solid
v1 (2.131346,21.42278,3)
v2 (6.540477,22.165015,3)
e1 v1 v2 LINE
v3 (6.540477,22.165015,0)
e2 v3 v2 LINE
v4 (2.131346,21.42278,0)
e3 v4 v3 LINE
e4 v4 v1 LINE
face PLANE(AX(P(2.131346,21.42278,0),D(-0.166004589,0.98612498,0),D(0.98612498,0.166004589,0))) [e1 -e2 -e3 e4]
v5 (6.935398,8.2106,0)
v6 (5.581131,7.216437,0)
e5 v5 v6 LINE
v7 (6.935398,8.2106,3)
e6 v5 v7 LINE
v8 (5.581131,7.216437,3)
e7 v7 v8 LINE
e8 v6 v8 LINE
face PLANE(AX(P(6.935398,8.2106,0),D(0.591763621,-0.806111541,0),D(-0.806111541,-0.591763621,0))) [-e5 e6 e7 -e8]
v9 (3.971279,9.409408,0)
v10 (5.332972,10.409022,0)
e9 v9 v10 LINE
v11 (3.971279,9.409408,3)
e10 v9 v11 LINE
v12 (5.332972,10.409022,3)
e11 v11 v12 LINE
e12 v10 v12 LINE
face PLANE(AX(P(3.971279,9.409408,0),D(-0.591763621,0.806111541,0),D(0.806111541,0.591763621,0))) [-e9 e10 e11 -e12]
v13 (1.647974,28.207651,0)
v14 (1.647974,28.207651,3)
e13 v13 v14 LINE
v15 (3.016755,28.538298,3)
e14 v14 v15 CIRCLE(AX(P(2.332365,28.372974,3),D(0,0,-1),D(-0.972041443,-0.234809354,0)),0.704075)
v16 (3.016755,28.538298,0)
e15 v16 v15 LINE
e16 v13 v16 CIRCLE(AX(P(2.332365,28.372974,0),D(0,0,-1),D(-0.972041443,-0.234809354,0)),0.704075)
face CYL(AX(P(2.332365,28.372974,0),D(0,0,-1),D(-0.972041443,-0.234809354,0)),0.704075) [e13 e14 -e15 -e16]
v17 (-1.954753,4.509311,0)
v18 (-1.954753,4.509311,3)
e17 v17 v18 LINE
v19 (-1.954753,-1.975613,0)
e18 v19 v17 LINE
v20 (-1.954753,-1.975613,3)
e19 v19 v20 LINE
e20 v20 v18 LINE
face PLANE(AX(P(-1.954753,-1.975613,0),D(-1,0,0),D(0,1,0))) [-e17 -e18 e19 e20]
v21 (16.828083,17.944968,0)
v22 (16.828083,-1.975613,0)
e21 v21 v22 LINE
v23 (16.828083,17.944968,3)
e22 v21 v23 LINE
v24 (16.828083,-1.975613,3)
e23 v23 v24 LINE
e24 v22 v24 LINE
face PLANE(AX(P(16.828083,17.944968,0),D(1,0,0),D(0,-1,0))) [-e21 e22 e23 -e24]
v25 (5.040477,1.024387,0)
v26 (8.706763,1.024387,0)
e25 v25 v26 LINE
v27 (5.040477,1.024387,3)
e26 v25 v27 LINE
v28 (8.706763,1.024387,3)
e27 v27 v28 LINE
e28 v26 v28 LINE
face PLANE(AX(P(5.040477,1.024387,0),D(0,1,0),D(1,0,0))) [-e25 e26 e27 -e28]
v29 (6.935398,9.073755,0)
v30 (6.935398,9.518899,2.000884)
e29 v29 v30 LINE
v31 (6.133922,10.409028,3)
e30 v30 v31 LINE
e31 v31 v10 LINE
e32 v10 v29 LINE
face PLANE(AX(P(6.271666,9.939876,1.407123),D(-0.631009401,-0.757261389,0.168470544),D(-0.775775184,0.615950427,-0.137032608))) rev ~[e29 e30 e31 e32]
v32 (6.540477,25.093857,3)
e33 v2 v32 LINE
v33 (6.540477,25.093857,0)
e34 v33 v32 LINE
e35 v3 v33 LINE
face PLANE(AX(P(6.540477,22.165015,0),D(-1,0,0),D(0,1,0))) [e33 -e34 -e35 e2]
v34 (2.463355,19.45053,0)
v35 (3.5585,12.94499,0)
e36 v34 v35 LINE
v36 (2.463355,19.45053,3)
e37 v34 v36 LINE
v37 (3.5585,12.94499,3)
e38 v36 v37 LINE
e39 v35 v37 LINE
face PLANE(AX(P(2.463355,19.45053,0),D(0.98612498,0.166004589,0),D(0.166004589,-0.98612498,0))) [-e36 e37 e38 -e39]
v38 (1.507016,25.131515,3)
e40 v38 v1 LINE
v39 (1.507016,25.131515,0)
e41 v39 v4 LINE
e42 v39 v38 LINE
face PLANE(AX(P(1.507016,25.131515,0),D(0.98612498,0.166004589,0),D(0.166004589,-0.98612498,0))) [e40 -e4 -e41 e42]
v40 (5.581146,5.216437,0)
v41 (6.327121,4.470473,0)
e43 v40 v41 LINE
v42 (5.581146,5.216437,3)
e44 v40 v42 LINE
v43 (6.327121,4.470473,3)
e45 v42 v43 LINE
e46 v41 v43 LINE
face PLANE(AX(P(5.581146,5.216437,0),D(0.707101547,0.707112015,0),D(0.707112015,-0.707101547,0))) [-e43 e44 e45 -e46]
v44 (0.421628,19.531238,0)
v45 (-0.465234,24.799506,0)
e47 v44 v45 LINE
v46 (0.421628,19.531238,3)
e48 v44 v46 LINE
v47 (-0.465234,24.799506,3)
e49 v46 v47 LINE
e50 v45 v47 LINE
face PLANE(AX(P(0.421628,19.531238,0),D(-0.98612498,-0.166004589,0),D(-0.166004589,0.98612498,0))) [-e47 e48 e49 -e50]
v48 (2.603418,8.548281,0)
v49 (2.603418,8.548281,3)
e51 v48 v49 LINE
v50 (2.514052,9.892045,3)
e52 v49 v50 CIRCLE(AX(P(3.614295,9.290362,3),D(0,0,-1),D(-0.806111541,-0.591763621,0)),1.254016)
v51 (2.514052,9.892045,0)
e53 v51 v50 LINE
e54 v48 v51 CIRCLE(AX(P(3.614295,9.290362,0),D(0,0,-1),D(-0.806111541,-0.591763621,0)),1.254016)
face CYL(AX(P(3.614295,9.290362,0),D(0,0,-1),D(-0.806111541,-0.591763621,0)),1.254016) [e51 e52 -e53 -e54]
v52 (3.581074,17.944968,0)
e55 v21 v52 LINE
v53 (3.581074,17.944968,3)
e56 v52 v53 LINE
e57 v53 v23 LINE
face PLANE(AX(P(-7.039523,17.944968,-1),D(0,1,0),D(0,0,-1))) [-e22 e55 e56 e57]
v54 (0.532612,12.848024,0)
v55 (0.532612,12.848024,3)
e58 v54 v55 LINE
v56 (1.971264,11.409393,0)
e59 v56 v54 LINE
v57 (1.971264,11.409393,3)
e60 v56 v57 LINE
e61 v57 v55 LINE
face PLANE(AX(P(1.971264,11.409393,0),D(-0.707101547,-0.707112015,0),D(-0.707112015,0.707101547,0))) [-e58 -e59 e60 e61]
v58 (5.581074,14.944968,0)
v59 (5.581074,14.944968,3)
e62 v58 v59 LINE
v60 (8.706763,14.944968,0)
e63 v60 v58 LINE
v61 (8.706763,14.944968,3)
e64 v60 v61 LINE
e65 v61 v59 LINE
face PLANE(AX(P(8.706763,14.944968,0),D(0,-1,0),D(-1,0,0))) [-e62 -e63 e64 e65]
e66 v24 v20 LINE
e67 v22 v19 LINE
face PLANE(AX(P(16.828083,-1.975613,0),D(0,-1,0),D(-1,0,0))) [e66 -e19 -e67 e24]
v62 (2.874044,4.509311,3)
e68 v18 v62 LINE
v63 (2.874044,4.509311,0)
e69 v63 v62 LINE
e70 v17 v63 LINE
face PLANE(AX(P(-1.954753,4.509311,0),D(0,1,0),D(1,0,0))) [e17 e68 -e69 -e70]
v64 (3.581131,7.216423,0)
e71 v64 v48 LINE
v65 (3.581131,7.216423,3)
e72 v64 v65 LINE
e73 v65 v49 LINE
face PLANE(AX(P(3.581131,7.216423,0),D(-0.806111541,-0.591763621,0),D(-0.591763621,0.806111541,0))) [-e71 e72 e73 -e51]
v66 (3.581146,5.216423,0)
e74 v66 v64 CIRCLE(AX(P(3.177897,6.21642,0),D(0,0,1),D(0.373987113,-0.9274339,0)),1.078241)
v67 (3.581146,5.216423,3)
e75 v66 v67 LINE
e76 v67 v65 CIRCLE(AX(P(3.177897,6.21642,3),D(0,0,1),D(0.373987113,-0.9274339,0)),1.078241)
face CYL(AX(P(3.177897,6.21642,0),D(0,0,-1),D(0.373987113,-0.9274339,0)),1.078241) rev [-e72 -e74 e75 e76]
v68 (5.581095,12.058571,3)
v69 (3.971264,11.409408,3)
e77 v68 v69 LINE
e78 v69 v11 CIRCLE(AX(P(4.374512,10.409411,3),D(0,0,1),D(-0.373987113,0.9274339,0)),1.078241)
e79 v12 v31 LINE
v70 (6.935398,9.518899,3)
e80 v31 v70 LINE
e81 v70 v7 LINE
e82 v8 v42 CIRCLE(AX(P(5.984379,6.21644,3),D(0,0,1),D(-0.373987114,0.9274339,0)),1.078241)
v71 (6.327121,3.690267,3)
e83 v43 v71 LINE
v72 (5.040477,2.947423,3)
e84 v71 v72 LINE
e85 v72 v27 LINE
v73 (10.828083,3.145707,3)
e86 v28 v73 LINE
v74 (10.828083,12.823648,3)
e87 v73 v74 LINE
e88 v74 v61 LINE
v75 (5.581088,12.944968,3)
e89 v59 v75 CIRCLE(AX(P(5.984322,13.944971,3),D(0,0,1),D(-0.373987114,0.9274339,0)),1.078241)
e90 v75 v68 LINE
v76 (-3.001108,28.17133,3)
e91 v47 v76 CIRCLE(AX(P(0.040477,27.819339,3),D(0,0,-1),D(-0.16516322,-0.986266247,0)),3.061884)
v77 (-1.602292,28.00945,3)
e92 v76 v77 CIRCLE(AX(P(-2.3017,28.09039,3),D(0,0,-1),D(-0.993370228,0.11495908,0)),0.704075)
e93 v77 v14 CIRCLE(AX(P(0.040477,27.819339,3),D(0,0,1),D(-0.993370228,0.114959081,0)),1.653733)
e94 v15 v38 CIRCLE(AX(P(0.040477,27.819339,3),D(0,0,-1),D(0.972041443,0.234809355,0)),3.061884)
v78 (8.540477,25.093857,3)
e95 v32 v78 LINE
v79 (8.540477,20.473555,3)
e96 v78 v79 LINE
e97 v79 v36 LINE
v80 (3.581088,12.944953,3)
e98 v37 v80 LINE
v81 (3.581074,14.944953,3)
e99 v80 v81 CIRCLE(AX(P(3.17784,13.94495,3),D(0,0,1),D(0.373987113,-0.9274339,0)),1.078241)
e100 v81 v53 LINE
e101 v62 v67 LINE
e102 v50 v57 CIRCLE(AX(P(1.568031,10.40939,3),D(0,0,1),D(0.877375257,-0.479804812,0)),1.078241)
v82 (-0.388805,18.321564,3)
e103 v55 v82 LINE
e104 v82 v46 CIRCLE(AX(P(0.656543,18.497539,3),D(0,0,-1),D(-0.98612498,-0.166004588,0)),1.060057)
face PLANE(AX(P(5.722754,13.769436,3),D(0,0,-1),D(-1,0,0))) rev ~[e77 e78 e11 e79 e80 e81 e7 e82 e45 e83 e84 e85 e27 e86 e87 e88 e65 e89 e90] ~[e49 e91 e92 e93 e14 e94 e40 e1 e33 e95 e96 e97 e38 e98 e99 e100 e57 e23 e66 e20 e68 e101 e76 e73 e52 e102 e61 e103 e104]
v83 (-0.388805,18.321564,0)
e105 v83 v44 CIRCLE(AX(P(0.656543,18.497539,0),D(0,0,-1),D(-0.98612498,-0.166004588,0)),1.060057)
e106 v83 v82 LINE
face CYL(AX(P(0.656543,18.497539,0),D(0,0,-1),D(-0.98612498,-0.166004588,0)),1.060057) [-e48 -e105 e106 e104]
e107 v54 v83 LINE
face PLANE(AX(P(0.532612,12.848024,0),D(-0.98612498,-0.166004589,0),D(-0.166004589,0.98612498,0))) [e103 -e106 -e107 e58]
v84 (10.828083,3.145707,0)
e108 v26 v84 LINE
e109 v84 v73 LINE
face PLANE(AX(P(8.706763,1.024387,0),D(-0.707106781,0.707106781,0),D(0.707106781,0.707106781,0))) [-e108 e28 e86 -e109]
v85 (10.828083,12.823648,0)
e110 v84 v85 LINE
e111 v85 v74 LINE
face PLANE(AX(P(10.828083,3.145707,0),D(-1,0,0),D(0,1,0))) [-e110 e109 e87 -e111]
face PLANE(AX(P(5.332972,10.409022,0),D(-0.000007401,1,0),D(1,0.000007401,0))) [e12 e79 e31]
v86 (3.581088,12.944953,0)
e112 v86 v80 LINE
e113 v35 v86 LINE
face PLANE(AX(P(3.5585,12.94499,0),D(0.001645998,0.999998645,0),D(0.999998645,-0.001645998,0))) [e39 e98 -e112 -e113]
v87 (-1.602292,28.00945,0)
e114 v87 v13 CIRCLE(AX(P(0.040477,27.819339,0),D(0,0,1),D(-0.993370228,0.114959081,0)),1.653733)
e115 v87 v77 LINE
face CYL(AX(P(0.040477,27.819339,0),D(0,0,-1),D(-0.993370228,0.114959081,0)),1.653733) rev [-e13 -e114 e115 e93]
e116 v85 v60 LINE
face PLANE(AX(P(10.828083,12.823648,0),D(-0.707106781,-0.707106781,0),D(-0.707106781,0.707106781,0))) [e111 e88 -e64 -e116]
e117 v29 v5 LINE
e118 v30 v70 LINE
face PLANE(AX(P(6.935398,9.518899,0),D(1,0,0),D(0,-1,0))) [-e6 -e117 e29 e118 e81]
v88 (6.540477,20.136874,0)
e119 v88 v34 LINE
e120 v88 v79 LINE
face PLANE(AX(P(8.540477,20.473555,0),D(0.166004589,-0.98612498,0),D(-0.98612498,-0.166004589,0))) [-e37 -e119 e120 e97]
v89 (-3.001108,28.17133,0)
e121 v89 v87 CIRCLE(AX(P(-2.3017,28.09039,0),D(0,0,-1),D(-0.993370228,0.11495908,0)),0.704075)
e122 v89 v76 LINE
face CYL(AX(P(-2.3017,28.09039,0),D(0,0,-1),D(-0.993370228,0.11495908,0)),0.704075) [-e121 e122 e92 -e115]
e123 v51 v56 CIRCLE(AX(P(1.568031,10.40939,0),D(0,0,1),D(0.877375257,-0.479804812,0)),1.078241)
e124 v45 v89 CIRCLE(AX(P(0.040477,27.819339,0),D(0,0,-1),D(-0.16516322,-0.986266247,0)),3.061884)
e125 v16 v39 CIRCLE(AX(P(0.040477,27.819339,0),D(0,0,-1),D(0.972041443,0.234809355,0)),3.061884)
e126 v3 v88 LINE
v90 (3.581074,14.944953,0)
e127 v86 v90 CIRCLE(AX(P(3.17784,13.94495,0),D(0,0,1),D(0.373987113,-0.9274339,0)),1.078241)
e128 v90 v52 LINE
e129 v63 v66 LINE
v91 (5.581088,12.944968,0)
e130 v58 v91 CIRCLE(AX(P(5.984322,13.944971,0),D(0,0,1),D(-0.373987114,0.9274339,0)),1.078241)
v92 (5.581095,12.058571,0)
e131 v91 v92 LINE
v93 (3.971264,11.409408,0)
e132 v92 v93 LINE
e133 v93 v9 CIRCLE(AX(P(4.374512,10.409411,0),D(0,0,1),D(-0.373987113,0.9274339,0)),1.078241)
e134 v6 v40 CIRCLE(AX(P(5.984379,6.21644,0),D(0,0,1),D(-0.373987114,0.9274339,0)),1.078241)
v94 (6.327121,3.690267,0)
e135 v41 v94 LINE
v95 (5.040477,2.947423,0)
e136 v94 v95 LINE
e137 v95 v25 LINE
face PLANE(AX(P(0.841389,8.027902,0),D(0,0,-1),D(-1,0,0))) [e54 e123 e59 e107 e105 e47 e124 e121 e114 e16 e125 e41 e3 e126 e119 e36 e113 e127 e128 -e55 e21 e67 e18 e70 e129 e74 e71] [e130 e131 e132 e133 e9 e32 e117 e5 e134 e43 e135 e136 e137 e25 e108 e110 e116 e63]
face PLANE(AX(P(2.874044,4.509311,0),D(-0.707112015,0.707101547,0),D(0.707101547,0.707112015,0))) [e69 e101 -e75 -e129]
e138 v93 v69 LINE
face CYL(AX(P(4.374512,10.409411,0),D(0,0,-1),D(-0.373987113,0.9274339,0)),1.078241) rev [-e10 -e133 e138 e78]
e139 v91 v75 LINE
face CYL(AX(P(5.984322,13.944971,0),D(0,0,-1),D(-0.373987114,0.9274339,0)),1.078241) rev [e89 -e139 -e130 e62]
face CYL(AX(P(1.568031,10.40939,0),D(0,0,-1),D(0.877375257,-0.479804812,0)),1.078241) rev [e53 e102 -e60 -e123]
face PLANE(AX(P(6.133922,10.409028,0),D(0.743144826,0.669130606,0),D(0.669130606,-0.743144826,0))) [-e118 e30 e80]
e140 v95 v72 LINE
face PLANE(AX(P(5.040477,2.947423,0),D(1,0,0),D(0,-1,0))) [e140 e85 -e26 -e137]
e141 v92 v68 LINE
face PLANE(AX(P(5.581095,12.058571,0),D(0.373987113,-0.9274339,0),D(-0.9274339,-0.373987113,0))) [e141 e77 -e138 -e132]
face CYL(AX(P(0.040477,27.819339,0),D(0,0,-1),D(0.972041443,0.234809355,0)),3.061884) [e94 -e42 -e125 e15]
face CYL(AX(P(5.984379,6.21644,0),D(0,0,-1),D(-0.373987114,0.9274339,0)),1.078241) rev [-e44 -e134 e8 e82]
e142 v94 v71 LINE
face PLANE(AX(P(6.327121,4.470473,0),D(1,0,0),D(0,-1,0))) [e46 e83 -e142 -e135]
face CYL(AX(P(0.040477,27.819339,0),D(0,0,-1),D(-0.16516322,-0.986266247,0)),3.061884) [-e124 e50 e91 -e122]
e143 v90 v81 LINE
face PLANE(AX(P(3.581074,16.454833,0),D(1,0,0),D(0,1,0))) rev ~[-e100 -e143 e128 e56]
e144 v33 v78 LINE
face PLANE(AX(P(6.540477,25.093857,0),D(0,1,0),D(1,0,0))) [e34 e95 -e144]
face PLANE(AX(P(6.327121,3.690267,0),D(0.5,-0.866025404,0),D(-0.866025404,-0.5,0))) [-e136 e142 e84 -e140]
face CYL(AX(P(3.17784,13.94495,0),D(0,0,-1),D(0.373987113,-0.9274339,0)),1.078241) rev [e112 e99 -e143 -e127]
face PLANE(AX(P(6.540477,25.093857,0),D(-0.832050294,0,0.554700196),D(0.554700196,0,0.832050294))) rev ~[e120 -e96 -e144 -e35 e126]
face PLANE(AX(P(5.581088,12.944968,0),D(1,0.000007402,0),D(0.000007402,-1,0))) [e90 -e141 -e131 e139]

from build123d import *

# Parameters (mm, degrees)
BOSS_SWITCHMAIN_DEPTH           = 3
SKETCH1_W                       = 6.582729781
SKETCH1_H                       = 1.5
SKETCH1_W_2                     = 4.49100728
BOSS_FLANGE_WIDTH_DEPTH         = 6
SKETCH2_W                       = 5
SKETCH2_H                       = 1.490135464
SKETCH2_H_2                     = 1.5
SKETCH2_H_3                     = 2.286069733
BOSS_FLANGE_HEIGHT_DEPTH        = 11.6675
TAP_DRILL_FOR_M2X0_4_TAP1_D     = 1.6
M2_CLEARANCE_HOLE2_D            = 2.4
M2_CLEARANCE_HOLE2_DEPTH        = 6.484923868
M2_CLEARANCE_HOLE2_TIP          = 0.721032743
CUT_FLANGE_RAMP_CLEARANCE_REACH = 21.921
SKETCH10_W                      = 1.51157113
SKETCH10_H                      = 3
CUT_EXTRUDE1_REACH              = 29.069
CUT_EXTRUDE2_REACH              = 24.401
SKETCH14_W                      = 3.00210875
SKETCH14_H                      = 3.681985306
SKETCH15_W                      = 18.424052467
SKETCH15_H                      = 20.375612782
CUT_EXTRUDE3_DEPTH              = 7


with BuildPart() as part:
    # Sketch-SwitchBossUp → Boss-SwitchMain (new body)
    with BuildSketch(Plane.XY):
        with BuildLine():
            Line((6.540476927, 22.165014537), (6.540476927, 25.093856925))
            Line((6.540476927, 25.093856925), (8.540476927, 25.093856925))
            Line((8.540476927, 25.093856925), (8.540476927, 20.473554675))
            Line((8.540476927, 20.473554675), (2.463355023, 19.450530066))
            Line((2.463355023, 19.450530066), (3.558499615, 12.944990388))
            Line((3.558499615, 12.944990388), (3.581088316, 12.944953207))
            ThreePointArc((3.581088316, 12.944953207), (4.256080915, 13.944958203), (3.581073513, 14.944953207))
            Line((3.581073513, 14.944953207), (3.581073513, 17.94496801))
            Line((3.581073513, 17.94496801), (6.811292922, 17.94496801))
            Line((6.811292922, 17.94496801), (16.828083018, 17.94496801))
            Line((16.828083018, 17.94496801), (16.828083018, -1.975613284))
            Line((16.828083018, -1.975613284), (5.040476927, -1.975613284))
            Line((5.040476927, -1.975613284), (-1.954752854, -1.975613284))
            Line((-1.954752854, -1.975613284), (-1.954752854, 4.509310584))
            Line((-1.954752854, 4.509310584), (2.874043973, 4.509310584))
            Line((2.874043973, 4.509310584), (3.58114552, 5.216422599))
            ThreePointArc((3.58114552, 5.216422599), (4.256138119, 6.216427595), (3.581130717, 7.216422599))
            Line((3.581130717, 7.216422599), (2.603418204, 8.548280984))
            ThreePointArc((2.603418204, 8.548280984), (2.363042898, 9.20714873), (2.514052348, 9.892045174))
            ThreePointArc((2.514052348, 9.892045174), (2.58326881, 10.772563057), (1.97126394, 11.409393254))
            Line((1.97126394, 11.409393254), (0.5326123, 12.848023597))
            Line((0.5326123, 12.848023597), (-0.388805291, 18.321564484))
            ThreePointArc((-0.388805291, 18.321564484), (-0.224136417, 19.087558912), (0.421628056, 19.531238467))
            Line((0.421628056, 19.531238467), (-0.465233701, 24.799505683))
            ThreePointArc((-0.465233701, 24.799505683), (-2.406587703, 25.978955839), (-3.001107523, 28.171329943))
            ThreePointArc((-3.001107523, 28.171329943), (-2.220760115, 28.789797628), (-1.602292431, 28.009450221))
            ThreePointArc((-1.602292431, 28.009450221), (0.141134159, 26.168671513), (1.647974165, 28.207650602))
            ThreePointArc((1.647974165, 28.207650602), (2.167041147, 29.057364566), (3.016755111, 28.538297585))
            ThreePointArc((3.016755111, 28.538297585), (2.839798095, 26.578800421), (1.507016259, 25.131514861))
            Line((1.507016259, 25.131514861), (2.131345845, 21.422780026))
            Line((2.131345845, 21.422780026), (6.540476927, 22.165014537))
        make_face()
        with BuildLine():
            Line((5.581088316, 12.94496801), (5.581094877, 12.05857133))
            Line((5.581094877, 12.05857133), (3.97126394, 11.409408058))
            ThreePointArc((3.97126394, 11.409408058), (3.296271341, 10.409403061), (3.971278743, 9.409408058))
            Line((3.971278743, 9.409408058), (5.332971639, 10.409021979))
            Line((5.332971639, 10.409021979), (6.133921896, 10.409027907))
            Line((6.133921896, 10.409027907), (6.935397893, 9.518898634))
            Line((6.935397893, 9.518898634), (6.935397893, 8.210600129))
            Line((6.935397893, 8.210600129), (5.581130717, 7.216437402))
            ThreePointArc((5.581130717, 7.216437402), (4.906138119, 6.216432406), (5.58114552, 5.216437402))
            Line((5.58114552, 5.216437402), (6.327120808, 4.470473157))
            Line((6.327120808, 4.470473157), (6.327120808, 3.690267188))
            Line((6.327120808, 3.690267188), (5.040476927, 2.947422997))
            Line((5.040476927, 2.947422997), (5.040476927, 1.024386716))
            Line((5.040476927, 1.024386716), (8.706762674, 1.024386716))
            Line((8.706762674, 1.024386716), (10.828083018, 3.145707059))
            Line((10.828083018, 3.145707059), (10.828083018, 12.823647666))
            Line((10.828083018, 12.823647666), (8.706762674, 14.94496801))
            Line((8.706762674, 14.94496801), (6.811292922, 14.94496801))
            Line((6.811292922, 14.94496801), (5.581073513, 14.94496801))
            ThreePointArc((5.581073513, 14.94496801), (4.906080915, 13.944963014), (5.581088316, 12.94496801))
        make_face(mode=Mode.SUBTRACT)
    extrude(amount=BOSS_SWITCHMAIN_DEPTH)

    # Sketch1 → Boss-Flange Width (add)
    with BuildSketch(Plane(origin=(0, 0, 0), x_dir=(-1, 0, 0), z_dir=(0, 0, -1))):
        with Locations((-1.336612037, -0.439543551)):
            Rectangle(SKETCH1_W, SKETCH1_H)
        Polygon((-3.581073513, 17.94496801), (-6.639548057, 17.94496801), (-6.811292922, 16.454832546), (-3.581073513, 16.454832546), align=None)
        with Locations((-0.290750786, 3.759310584)):
            Rectangle(SKETCH1_W_2, SKETCH1_H)
    extrude(amount=BOSS_FLANGE_WIDTH_DEPTH)

    # Sketch2 → Boss-Flange Height (add)
    with BuildSketch(Plane(origin=(-7.039523073, 0, 0), x_dir=(0, 0, -1), z_dir=(1, 0, 0))):
        with Locations((3.5, 17.199900278)):
            Rectangle(SKETCH2_W, SKETCH2_H)
        with Locations((3.5, 3.759310584)):
            Rectangle(SKETCH2_W, SKETCH2_H_2)
        with Locations((3.5, -0.832578417)):
            Rectangle(SKETCH2_W, SKETCH2_H_3)
    extrude(amount=BOSS_FLANGE_HEIGHT_DEPTH)

    # Tap Drill for M2x0.4 Tap1 (through all)
    with Locations(Plane(origin=(0, -1.975613284, 0), x_dir=(-1, 0, 0), z_dir=(0, -1, 0))):
        with Locations((4.039523073, 3.5), (-1.627976927, 3.5)):
            Hole(TAP_DRILL_FOR_M2X0_4_TAP1_D / 2)

    # M2 Clearance Hole2
    with Locations(Plane.XZ.offset(1.975613284)):
        with Locations((-4.039523073, -3.5), (1.627976927, -3.5)):
            Hole(M2_CLEARANCE_HOLE2_D / 2, depth=M2_CLEARANCE_HOLE2_DEPTH)
            with Locations((0, 0, -(M2_CLEARANCE_HOLE2_DEPTH + M2_CLEARANCE_HOLE2_TIP / 2))):  # 118° drill point
                Cone(0, M2_CLEARANCE_HOLE2_D / 2, M2_CLEARANCE_HOLE2_TIP, mode=Mode.SUBTRACT)

    # Sketch10 → Cut-Flange Ramp Clearance (cut, up to next)
    with BuildSketch(Plane(origin=(0, 17.94496801, 0), x_dir=(1, 0, 0), z_dir=(0, 1, 0)), mode=Mode.PRIVATE) as cut_flange_ramp_clearance_sk1:
        with Locations((5.883762492, 4.5)):
            Rectangle(SKETCH10_W, SKETCH10_H)
    cut_flange_ramp_clearance_tool1 = extrude(cut_flange_ramp_clearance_sk1.sketch, amount=-CUT_FLANGE_RAMP_CLEARANCE_REACH, mode=Mode.PRIVATE) & part.part
    add(cut_flange_ramp_clearance_tool1.solids().sort_by_distance((5.883762, 17.944968, -4.5))[0], mode=Mode.SUBTRACT)

    # Sketch12 → Cut-Extrude1 (cut, up to next)
    with BuildSketch(Plane(origin=(0, 25.093856925, 0), x_dir=(1, 0, 0), z_dir=(0, 1, 0)), mode=Mode.PRIVATE) as cut_extrude1_sk1:
        Polygon((6.540476927, 0), (8.540476927, -3), (8.540476927, 0), align=None)
    cut_extrude1_tool1 = extrude(cut_extrude1_sk1.sketch, amount=-CUT_EXTRUDE1_REACH, mode=Mode.PRIVATE) & part.part
    add(cut_extrude1_tool1.solids().sort_by_distance((7.87381, 25.093857, 1))[0], mode=Mode.SUBTRACT)

    # Sketch14 → Cut-Extrude2 (cut, up to next)
    with BuildSketch(Plane(origin=(7.097281825, 8.517301779, -1.894873399), x_dir=(-0.775775184, 0.615950427, -0.137032608), z_dir=(-0.631009401, -0.757261389, 0.168470544)), mode=Mode.PRIVATE) as cut_extrude2_sk1:
        with Locations((1.064245886, -3.532126158)):
            Rectangle(SKETCH14_W, SKETCH14_H)
    cut_extrude2_tool1 = extrude(cut_extrude2_sk1.sketch, amount=-CUT_EXTRUDE2_REACH, mode=Mode.PRIVATE) & part.part
    add(cut_extrude2_tool1.solids().sort_by_distance((6.271666, 9.939876, 1.407123))[0], mode=Mode.SUBTRACT)

    # Sketch15 → Cut-Extrude3 (cut, through all)
    with BuildSketch(Plane(origin=(0, 0, 0), x_dir=(-1, 0, 0), z_dir=(0, 0, -1))):
        with Locations((-0.841389079, 8.027902003)):
            Rectangle(SKETCH15_W, SKETCH15_H)
    extrude(amount=CUT_EXTRUDE3_DEPTH, mode=Mode.SUBTRACT)


solid = part.part
